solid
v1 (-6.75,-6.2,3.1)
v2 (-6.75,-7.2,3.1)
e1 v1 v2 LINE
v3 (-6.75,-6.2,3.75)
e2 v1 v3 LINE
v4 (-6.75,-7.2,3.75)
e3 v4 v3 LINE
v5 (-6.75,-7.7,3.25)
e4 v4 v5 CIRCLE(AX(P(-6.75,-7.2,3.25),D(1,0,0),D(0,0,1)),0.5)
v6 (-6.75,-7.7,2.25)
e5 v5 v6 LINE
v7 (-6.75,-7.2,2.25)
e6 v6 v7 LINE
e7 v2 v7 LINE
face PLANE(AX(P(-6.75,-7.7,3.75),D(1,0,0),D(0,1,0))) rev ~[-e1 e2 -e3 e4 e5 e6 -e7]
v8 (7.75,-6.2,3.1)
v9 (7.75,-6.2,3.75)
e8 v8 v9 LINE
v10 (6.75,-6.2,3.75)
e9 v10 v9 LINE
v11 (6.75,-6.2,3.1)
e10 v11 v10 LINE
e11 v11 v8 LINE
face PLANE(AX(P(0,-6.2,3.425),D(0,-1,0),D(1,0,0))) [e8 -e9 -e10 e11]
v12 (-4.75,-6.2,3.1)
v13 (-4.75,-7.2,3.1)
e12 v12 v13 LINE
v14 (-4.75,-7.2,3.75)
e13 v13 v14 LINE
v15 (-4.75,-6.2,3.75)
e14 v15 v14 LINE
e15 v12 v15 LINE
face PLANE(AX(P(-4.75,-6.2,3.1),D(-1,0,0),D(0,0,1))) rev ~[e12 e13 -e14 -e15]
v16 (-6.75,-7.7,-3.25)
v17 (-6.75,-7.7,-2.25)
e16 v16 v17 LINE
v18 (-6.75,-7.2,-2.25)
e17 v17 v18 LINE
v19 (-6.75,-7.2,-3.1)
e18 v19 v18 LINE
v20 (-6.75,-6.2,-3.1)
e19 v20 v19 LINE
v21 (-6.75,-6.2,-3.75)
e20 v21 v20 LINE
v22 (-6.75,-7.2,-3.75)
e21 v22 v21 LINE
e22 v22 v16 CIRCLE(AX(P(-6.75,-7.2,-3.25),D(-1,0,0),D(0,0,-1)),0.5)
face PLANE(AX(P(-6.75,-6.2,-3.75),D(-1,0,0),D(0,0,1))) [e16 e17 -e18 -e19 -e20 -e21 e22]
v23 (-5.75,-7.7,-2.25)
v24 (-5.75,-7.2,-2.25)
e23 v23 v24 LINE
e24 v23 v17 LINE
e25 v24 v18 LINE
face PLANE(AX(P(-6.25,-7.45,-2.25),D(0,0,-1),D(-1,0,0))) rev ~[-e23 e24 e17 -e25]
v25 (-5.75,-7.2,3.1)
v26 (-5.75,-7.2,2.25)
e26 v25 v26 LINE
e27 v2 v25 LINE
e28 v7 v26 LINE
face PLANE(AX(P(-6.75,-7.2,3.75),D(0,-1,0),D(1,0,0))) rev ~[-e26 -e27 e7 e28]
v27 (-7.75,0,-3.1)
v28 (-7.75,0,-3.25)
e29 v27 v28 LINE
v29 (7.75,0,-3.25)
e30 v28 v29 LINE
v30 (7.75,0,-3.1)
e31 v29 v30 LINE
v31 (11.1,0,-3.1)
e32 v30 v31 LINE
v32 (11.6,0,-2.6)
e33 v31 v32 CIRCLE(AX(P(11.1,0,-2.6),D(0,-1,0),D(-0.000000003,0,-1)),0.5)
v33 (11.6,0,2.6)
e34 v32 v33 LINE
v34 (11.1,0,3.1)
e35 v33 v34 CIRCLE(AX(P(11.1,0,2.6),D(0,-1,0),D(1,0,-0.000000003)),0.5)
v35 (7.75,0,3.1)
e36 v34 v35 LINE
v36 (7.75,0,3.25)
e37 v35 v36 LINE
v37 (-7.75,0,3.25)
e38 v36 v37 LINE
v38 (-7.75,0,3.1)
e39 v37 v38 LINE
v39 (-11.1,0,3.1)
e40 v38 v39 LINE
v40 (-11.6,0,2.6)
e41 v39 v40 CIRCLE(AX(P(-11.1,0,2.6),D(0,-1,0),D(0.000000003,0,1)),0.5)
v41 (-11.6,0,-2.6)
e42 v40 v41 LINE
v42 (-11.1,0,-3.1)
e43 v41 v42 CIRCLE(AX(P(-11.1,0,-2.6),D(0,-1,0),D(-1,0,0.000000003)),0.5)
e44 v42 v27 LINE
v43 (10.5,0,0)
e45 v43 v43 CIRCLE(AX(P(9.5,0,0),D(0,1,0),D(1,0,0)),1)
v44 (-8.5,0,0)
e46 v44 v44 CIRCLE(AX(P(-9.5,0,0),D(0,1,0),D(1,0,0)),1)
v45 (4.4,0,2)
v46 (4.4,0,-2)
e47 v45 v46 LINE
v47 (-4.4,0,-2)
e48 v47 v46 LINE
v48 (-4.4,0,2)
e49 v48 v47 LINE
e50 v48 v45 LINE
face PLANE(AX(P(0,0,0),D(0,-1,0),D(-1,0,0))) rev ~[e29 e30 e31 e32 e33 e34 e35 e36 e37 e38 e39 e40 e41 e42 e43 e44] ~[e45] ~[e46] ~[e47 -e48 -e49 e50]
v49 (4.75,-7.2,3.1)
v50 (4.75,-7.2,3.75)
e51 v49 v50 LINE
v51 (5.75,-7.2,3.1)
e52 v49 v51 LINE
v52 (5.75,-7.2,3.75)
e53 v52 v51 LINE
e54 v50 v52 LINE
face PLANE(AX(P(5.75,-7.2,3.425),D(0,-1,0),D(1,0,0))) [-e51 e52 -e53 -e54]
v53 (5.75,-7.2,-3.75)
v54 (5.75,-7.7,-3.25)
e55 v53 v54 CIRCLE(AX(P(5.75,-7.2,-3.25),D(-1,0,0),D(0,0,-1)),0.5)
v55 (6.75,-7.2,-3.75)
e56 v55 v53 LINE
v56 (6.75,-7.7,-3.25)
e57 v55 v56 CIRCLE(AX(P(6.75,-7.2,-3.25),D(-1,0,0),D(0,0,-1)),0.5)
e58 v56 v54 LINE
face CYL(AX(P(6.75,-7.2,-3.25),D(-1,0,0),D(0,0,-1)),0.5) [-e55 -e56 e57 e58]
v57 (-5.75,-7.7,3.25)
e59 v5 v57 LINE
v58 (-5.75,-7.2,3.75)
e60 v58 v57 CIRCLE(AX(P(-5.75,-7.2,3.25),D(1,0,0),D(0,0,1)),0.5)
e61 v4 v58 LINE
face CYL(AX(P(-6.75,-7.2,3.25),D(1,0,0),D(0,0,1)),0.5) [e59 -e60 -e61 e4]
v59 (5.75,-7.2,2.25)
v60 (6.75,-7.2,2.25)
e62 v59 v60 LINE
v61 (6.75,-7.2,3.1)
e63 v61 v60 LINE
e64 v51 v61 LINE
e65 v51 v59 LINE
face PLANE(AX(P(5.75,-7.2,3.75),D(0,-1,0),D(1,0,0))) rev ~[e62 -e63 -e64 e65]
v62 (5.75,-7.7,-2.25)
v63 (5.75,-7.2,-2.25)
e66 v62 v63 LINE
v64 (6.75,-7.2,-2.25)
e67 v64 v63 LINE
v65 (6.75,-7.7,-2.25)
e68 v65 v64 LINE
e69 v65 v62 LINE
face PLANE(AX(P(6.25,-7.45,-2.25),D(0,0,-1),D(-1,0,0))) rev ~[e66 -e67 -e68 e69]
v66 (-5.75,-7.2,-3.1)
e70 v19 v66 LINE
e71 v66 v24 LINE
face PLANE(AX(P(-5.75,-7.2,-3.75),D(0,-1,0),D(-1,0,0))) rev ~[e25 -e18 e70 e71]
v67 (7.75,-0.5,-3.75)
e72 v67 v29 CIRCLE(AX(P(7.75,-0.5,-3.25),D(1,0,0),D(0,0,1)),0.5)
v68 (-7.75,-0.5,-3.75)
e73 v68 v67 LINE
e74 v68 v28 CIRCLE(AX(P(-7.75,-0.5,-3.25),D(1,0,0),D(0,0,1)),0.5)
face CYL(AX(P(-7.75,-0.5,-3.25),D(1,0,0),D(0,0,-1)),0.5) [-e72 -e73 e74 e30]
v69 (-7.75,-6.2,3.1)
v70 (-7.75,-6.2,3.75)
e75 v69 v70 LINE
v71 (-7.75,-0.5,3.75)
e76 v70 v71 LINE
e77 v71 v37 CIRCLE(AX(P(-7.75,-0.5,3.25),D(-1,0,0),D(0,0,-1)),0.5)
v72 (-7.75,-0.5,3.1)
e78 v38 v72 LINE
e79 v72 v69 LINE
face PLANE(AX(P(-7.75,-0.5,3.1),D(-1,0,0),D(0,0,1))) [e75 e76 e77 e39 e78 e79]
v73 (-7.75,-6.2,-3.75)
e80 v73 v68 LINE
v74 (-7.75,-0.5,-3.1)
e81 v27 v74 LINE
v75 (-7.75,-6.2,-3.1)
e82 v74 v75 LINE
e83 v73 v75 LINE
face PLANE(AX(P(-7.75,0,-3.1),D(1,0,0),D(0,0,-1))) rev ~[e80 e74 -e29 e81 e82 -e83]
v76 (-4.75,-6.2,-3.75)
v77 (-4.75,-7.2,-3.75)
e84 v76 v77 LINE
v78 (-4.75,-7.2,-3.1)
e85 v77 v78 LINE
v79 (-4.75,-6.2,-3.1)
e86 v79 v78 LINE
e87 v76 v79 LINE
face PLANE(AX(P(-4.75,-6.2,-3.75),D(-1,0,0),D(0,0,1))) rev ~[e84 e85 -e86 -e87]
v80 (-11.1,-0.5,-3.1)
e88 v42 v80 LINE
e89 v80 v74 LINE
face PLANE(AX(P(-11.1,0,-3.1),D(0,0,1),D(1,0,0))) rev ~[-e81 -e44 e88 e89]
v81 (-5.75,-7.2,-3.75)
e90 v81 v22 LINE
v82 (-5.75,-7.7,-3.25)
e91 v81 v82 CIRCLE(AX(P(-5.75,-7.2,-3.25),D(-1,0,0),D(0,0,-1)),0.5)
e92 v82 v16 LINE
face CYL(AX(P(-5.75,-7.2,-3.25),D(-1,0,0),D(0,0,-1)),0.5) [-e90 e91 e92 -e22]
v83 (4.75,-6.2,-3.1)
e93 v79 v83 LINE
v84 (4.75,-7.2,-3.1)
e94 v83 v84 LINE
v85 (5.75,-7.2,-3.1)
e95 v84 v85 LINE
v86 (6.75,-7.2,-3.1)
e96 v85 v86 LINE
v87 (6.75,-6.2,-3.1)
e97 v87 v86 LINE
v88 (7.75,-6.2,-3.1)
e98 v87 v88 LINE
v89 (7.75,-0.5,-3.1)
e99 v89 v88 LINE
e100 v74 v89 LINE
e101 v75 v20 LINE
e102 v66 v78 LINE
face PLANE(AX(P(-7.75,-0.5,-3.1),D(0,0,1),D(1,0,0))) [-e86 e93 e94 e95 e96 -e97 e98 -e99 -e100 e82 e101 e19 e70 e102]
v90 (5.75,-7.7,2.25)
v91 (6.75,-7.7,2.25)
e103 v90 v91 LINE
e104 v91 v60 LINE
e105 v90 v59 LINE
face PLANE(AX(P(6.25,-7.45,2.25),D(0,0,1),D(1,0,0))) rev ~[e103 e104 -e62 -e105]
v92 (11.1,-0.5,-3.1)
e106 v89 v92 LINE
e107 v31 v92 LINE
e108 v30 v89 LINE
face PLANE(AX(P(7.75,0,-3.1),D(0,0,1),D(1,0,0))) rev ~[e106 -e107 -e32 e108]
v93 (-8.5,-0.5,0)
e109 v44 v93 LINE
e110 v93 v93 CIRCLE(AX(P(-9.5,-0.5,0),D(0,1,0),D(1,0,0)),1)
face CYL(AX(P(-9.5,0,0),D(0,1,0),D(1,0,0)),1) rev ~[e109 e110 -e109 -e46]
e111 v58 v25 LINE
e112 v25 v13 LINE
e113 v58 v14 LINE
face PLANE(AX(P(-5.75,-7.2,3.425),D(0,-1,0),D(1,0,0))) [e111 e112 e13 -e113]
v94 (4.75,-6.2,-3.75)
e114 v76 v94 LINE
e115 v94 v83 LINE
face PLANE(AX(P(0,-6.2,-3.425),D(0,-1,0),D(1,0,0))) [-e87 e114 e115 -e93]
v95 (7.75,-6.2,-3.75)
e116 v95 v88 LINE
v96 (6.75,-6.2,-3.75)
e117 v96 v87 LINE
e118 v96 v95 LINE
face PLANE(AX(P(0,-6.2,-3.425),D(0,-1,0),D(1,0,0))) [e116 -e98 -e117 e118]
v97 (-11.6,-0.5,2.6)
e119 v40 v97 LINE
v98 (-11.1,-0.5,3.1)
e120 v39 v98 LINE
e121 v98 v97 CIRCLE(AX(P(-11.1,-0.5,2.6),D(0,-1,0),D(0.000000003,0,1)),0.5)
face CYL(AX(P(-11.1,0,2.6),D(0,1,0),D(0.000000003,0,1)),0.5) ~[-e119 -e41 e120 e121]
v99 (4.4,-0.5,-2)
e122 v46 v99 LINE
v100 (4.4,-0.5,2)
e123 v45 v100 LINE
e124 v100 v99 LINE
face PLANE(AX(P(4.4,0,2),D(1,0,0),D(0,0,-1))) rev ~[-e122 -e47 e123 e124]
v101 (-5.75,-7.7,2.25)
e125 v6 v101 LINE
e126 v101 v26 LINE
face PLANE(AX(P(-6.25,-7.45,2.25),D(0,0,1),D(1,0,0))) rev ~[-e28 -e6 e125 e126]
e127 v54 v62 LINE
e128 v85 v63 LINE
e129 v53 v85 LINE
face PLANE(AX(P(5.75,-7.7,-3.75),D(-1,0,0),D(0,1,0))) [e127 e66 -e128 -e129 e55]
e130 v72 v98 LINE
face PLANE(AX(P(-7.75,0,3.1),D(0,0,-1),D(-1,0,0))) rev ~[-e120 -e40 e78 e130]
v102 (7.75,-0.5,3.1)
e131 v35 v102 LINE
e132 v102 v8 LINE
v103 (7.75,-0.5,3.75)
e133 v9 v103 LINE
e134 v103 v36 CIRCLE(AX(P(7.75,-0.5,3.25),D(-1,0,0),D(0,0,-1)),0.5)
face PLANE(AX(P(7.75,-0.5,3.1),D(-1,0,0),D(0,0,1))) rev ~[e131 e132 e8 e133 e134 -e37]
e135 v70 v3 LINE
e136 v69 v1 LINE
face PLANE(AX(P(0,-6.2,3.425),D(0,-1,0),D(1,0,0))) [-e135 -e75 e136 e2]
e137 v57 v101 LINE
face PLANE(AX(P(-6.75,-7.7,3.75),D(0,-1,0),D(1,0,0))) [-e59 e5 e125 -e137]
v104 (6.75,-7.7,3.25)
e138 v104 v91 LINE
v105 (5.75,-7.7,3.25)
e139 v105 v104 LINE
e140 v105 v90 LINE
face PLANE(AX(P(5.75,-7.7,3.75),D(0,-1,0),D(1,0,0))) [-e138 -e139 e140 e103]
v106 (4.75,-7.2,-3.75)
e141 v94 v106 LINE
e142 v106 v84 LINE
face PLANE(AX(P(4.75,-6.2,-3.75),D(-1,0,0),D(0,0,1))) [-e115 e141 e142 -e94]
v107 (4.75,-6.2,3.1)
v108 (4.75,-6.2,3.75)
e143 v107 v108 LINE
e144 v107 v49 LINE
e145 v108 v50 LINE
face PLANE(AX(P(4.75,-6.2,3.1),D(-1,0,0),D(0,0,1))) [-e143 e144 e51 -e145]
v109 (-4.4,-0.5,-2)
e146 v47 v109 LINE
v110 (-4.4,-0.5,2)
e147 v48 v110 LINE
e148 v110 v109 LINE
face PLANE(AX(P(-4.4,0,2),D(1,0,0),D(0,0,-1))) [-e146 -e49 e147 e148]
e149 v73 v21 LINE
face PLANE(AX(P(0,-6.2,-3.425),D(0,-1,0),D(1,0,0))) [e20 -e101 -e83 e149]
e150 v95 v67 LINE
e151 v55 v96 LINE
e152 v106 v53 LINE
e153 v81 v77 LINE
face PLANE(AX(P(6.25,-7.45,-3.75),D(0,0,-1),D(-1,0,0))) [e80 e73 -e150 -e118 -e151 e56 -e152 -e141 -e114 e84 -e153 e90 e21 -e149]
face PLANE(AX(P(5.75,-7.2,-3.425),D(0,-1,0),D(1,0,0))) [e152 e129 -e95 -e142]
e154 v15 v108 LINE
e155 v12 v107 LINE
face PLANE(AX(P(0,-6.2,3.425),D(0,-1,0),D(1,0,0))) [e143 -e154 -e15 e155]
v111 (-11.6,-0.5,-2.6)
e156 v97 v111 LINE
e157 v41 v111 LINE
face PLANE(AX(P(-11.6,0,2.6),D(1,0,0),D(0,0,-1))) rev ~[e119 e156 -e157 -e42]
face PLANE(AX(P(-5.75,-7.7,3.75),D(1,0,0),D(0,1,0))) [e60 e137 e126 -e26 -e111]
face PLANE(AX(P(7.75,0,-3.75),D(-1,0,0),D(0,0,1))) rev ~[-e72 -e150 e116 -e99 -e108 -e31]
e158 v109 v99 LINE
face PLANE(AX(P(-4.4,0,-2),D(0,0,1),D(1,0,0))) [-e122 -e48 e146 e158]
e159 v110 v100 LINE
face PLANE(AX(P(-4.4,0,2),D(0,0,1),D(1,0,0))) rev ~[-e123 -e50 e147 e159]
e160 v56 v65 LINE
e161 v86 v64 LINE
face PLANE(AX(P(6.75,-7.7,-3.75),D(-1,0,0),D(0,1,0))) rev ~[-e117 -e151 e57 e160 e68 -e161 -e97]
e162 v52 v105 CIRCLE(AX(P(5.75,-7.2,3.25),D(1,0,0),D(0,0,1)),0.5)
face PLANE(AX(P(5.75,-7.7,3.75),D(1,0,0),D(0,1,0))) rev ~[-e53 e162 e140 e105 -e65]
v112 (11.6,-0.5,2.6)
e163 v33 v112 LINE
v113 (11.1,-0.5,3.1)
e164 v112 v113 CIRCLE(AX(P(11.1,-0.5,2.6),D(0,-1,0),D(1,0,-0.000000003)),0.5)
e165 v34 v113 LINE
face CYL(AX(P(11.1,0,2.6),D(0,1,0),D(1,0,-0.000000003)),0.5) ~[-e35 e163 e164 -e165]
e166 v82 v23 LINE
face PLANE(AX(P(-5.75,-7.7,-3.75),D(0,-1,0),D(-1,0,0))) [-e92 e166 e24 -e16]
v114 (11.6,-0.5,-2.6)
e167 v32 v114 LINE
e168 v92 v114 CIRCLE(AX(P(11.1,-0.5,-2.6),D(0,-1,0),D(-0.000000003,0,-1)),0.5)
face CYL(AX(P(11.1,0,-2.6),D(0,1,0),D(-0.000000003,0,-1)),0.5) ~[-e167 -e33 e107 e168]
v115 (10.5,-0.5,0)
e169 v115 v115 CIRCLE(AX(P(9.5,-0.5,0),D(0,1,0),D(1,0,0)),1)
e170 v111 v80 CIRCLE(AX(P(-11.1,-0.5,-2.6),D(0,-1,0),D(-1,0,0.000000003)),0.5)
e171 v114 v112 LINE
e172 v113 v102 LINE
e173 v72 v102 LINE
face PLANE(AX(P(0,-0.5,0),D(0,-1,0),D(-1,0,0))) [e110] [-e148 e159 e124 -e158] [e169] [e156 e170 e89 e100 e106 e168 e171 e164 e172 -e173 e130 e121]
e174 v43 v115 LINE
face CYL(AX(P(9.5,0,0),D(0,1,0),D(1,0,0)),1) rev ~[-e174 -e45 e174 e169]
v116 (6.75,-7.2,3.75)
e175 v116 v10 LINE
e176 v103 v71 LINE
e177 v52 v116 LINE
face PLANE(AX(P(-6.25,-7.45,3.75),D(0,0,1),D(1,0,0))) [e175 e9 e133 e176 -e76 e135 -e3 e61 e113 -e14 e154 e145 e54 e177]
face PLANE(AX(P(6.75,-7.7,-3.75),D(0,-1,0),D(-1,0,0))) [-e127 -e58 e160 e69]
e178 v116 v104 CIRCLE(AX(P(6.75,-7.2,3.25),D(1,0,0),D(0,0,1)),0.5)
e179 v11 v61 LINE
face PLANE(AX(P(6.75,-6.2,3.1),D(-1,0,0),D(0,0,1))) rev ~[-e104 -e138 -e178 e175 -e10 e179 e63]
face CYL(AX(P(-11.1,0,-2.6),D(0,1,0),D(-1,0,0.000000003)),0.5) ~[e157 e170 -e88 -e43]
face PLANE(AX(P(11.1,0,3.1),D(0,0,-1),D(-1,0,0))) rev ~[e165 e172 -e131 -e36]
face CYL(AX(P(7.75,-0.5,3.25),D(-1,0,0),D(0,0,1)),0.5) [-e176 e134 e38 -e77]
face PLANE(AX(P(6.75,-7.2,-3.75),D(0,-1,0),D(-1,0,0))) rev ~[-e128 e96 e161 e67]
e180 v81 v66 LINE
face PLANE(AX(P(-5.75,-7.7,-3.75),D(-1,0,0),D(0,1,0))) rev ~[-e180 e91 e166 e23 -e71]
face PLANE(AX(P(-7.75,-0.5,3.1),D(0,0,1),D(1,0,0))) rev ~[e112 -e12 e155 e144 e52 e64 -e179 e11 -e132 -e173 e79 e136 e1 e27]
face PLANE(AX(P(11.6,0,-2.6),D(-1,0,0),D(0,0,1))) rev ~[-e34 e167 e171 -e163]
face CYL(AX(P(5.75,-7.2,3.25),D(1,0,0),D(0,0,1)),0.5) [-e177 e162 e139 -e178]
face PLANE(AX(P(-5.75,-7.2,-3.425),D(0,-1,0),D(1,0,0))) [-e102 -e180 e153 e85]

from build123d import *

# Parameters (mm, degrees)
SKETCH1_R           = 1
SKETCH1_W           = 8.8
SKETCH1_H           = 4
BOSS_EXTRUDE1_DEPTH = 0.5
SKETCH2_W           = 15.5
SKETCH2_H           = 0.65
BOSS_EXTRUDE2_DEPTH = 5.7
SKETCH5_W           = 2
SKETCH5_H           = 0.65
BOSS_EXTRUDE4_DEPTH = 1
SKETCH6_W           = 1
SKETCH6_H           = 0.5
BOSS_EXTRUDE5_DEPTH = 1.5
FILLET1_R           = 0.5
SKETCH7_W           = 1
SKETCH7_H           = 0.5
BOSS_EXTRUDE6_DEPTH = 1.5
FILLET2_R           = 0.5


with BuildPart() as part:
    # Sketch1 → Boss-Extrude1 (new body)
    with BuildSketch(Plane(origin=(0, 0, 0), x_dir=(1, 0, 0), z_dir=(0, 1, 0))):
        with BuildLine():
            Line((11.6, 2.6), (11.6, -2.6))
            ThreePointArc((11.6, -2.6), (11.453553391, -2.953553391), (11.1, -3.1))
            Line((11.1, -3.1), (7.75, -3.1))
            Line((7.75, -3.1), (7.75, -3.75))
            Line((7.75, -3.75), (-7.75, -3.75))
            Line((-7.75, -3.75), (-7.75, -3.1))
            Line((-7.75, -3.1), (-11.1, -3.1))
            ThreePointArc((-11.1, -3.1), (-11.453553391, -2.953553391), (-11.6, -2.6))
            Line((-11.6, -2.6), (-11.6, 2.6))
            ThreePointArc((-11.6, 2.6), (-11.453553391, 2.953553391), (-11.1, 3.1))
            Line((-11.1, 3.1), (-7.75, 3.1))
            Line((-7.75, 3.1), (-7.75, 3.75))
            Line((-7.75, 3.75), (7.75, 3.75))
            Line((7.75, 3.75), (7.75, 3.1))
            Line((7.75, 3.1), (11.1, 3.1))
            ThreePointArc((11.1, 3.1), (11.453553391, 2.953553391), (11.6, 2.6))
        make_face()
        with Locations((9.5, 0)):
            Circle(SKETCH1_R, mode=Mode.SUBTRACT)
        with Locations((-9.5, 0)):
            Circle(SKETCH1_R, mode=Mode.SUBTRACT)
        Rectangle(SKETCH1_W, SKETCH1_H, mode=Mode.SUBTRACT)
    extrude(amount=-BOSS_EXTRUDE1_DEPTH)

    # Sketch2 → Boss-Extrude2 (add)
    with BuildSketch(Plane.XZ.offset(0.5)):
        with Locations((0, 3.425)):
            Rectangle(SKETCH2_W, SKETCH2_H)
        with Locations((0, -3.425)):
            Rectangle(SKETCH2_W, SKETCH2_H)
    extrude(amount=BOSS_EXTRUDE2_DEPTH)

    # Sketch5 → Boss-Extrude4 (add)
    with BuildSketch(Plane.XZ.offset(6.2)):
        with Locations((-5.75, 3.425)):
            Rectangle(SKETCH5_W, SKETCH5_H)
        with Locations((-5.75, -3.425)):
            Rectangle(SKETCH5_W, SKETCH5_H)
        with Locations((5.75, -3.425)):
            Rectangle(SKETCH5_W, SKETCH5_H)
        with Locations((5.75, 3.425)):
            Rectangle(SKETCH5_W, SKETCH5_H)
    extrude(amount=BOSS_EXTRUDE4_DEPTH)

    # Sketch6 → Boss-Extrude5 (add)
    with BuildSketch(Plane(origin=(0, 0, -3.75), x_dir=(-1, 0, 0), z_dir=(0, 0, -1))):
        with Locations((-6.25, -7.45)):
            Rectangle(SKETCH6_W, SKETCH6_H)
        with Locations((6.25, -7.45)):
            Rectangle(SKETCH6_W, SKETCH6_H)
    extrude(amount=-BOSS_EXTRUDE5_DEPTH)

    # Fillet1
    fillet1_edges = [part.edges().sort_by_distance(p)[0] for p in [
        (-6.25, -7.7, -3.75),
        (6.25, -7.7, -3.75),
        (0, 0, -3.75),
    ]]
    fillet(fillet1_edges, radius=FILLET1_R)

    # Sketch7 → Boss-Extrude6 (add)
    with BuildSketch(Plane.XY.offset(3.75)):
        with Locations((-6.25, -7.45)):
            Rectangle(SKETCH7_W, SKETCH7_H)
        with Locations((6.25, -7.45)):
            Rectangle(SKETCH7_W, SKETCH7_H)
    extrude(amount=-BOSS_EXTRUDE6_DEPTH)

    # Fillet2
    fillet2_edges = [part.edges().sort_by_distance(p)[0] for p in [
        (0, 0, 3.75),
        (6.25, -7.7, 3.75),
        (-6.25, -7.7, 3.75),
    ]]
    fillet(fillet2_edges, radius=FILLET2_R)


solid = part.part
